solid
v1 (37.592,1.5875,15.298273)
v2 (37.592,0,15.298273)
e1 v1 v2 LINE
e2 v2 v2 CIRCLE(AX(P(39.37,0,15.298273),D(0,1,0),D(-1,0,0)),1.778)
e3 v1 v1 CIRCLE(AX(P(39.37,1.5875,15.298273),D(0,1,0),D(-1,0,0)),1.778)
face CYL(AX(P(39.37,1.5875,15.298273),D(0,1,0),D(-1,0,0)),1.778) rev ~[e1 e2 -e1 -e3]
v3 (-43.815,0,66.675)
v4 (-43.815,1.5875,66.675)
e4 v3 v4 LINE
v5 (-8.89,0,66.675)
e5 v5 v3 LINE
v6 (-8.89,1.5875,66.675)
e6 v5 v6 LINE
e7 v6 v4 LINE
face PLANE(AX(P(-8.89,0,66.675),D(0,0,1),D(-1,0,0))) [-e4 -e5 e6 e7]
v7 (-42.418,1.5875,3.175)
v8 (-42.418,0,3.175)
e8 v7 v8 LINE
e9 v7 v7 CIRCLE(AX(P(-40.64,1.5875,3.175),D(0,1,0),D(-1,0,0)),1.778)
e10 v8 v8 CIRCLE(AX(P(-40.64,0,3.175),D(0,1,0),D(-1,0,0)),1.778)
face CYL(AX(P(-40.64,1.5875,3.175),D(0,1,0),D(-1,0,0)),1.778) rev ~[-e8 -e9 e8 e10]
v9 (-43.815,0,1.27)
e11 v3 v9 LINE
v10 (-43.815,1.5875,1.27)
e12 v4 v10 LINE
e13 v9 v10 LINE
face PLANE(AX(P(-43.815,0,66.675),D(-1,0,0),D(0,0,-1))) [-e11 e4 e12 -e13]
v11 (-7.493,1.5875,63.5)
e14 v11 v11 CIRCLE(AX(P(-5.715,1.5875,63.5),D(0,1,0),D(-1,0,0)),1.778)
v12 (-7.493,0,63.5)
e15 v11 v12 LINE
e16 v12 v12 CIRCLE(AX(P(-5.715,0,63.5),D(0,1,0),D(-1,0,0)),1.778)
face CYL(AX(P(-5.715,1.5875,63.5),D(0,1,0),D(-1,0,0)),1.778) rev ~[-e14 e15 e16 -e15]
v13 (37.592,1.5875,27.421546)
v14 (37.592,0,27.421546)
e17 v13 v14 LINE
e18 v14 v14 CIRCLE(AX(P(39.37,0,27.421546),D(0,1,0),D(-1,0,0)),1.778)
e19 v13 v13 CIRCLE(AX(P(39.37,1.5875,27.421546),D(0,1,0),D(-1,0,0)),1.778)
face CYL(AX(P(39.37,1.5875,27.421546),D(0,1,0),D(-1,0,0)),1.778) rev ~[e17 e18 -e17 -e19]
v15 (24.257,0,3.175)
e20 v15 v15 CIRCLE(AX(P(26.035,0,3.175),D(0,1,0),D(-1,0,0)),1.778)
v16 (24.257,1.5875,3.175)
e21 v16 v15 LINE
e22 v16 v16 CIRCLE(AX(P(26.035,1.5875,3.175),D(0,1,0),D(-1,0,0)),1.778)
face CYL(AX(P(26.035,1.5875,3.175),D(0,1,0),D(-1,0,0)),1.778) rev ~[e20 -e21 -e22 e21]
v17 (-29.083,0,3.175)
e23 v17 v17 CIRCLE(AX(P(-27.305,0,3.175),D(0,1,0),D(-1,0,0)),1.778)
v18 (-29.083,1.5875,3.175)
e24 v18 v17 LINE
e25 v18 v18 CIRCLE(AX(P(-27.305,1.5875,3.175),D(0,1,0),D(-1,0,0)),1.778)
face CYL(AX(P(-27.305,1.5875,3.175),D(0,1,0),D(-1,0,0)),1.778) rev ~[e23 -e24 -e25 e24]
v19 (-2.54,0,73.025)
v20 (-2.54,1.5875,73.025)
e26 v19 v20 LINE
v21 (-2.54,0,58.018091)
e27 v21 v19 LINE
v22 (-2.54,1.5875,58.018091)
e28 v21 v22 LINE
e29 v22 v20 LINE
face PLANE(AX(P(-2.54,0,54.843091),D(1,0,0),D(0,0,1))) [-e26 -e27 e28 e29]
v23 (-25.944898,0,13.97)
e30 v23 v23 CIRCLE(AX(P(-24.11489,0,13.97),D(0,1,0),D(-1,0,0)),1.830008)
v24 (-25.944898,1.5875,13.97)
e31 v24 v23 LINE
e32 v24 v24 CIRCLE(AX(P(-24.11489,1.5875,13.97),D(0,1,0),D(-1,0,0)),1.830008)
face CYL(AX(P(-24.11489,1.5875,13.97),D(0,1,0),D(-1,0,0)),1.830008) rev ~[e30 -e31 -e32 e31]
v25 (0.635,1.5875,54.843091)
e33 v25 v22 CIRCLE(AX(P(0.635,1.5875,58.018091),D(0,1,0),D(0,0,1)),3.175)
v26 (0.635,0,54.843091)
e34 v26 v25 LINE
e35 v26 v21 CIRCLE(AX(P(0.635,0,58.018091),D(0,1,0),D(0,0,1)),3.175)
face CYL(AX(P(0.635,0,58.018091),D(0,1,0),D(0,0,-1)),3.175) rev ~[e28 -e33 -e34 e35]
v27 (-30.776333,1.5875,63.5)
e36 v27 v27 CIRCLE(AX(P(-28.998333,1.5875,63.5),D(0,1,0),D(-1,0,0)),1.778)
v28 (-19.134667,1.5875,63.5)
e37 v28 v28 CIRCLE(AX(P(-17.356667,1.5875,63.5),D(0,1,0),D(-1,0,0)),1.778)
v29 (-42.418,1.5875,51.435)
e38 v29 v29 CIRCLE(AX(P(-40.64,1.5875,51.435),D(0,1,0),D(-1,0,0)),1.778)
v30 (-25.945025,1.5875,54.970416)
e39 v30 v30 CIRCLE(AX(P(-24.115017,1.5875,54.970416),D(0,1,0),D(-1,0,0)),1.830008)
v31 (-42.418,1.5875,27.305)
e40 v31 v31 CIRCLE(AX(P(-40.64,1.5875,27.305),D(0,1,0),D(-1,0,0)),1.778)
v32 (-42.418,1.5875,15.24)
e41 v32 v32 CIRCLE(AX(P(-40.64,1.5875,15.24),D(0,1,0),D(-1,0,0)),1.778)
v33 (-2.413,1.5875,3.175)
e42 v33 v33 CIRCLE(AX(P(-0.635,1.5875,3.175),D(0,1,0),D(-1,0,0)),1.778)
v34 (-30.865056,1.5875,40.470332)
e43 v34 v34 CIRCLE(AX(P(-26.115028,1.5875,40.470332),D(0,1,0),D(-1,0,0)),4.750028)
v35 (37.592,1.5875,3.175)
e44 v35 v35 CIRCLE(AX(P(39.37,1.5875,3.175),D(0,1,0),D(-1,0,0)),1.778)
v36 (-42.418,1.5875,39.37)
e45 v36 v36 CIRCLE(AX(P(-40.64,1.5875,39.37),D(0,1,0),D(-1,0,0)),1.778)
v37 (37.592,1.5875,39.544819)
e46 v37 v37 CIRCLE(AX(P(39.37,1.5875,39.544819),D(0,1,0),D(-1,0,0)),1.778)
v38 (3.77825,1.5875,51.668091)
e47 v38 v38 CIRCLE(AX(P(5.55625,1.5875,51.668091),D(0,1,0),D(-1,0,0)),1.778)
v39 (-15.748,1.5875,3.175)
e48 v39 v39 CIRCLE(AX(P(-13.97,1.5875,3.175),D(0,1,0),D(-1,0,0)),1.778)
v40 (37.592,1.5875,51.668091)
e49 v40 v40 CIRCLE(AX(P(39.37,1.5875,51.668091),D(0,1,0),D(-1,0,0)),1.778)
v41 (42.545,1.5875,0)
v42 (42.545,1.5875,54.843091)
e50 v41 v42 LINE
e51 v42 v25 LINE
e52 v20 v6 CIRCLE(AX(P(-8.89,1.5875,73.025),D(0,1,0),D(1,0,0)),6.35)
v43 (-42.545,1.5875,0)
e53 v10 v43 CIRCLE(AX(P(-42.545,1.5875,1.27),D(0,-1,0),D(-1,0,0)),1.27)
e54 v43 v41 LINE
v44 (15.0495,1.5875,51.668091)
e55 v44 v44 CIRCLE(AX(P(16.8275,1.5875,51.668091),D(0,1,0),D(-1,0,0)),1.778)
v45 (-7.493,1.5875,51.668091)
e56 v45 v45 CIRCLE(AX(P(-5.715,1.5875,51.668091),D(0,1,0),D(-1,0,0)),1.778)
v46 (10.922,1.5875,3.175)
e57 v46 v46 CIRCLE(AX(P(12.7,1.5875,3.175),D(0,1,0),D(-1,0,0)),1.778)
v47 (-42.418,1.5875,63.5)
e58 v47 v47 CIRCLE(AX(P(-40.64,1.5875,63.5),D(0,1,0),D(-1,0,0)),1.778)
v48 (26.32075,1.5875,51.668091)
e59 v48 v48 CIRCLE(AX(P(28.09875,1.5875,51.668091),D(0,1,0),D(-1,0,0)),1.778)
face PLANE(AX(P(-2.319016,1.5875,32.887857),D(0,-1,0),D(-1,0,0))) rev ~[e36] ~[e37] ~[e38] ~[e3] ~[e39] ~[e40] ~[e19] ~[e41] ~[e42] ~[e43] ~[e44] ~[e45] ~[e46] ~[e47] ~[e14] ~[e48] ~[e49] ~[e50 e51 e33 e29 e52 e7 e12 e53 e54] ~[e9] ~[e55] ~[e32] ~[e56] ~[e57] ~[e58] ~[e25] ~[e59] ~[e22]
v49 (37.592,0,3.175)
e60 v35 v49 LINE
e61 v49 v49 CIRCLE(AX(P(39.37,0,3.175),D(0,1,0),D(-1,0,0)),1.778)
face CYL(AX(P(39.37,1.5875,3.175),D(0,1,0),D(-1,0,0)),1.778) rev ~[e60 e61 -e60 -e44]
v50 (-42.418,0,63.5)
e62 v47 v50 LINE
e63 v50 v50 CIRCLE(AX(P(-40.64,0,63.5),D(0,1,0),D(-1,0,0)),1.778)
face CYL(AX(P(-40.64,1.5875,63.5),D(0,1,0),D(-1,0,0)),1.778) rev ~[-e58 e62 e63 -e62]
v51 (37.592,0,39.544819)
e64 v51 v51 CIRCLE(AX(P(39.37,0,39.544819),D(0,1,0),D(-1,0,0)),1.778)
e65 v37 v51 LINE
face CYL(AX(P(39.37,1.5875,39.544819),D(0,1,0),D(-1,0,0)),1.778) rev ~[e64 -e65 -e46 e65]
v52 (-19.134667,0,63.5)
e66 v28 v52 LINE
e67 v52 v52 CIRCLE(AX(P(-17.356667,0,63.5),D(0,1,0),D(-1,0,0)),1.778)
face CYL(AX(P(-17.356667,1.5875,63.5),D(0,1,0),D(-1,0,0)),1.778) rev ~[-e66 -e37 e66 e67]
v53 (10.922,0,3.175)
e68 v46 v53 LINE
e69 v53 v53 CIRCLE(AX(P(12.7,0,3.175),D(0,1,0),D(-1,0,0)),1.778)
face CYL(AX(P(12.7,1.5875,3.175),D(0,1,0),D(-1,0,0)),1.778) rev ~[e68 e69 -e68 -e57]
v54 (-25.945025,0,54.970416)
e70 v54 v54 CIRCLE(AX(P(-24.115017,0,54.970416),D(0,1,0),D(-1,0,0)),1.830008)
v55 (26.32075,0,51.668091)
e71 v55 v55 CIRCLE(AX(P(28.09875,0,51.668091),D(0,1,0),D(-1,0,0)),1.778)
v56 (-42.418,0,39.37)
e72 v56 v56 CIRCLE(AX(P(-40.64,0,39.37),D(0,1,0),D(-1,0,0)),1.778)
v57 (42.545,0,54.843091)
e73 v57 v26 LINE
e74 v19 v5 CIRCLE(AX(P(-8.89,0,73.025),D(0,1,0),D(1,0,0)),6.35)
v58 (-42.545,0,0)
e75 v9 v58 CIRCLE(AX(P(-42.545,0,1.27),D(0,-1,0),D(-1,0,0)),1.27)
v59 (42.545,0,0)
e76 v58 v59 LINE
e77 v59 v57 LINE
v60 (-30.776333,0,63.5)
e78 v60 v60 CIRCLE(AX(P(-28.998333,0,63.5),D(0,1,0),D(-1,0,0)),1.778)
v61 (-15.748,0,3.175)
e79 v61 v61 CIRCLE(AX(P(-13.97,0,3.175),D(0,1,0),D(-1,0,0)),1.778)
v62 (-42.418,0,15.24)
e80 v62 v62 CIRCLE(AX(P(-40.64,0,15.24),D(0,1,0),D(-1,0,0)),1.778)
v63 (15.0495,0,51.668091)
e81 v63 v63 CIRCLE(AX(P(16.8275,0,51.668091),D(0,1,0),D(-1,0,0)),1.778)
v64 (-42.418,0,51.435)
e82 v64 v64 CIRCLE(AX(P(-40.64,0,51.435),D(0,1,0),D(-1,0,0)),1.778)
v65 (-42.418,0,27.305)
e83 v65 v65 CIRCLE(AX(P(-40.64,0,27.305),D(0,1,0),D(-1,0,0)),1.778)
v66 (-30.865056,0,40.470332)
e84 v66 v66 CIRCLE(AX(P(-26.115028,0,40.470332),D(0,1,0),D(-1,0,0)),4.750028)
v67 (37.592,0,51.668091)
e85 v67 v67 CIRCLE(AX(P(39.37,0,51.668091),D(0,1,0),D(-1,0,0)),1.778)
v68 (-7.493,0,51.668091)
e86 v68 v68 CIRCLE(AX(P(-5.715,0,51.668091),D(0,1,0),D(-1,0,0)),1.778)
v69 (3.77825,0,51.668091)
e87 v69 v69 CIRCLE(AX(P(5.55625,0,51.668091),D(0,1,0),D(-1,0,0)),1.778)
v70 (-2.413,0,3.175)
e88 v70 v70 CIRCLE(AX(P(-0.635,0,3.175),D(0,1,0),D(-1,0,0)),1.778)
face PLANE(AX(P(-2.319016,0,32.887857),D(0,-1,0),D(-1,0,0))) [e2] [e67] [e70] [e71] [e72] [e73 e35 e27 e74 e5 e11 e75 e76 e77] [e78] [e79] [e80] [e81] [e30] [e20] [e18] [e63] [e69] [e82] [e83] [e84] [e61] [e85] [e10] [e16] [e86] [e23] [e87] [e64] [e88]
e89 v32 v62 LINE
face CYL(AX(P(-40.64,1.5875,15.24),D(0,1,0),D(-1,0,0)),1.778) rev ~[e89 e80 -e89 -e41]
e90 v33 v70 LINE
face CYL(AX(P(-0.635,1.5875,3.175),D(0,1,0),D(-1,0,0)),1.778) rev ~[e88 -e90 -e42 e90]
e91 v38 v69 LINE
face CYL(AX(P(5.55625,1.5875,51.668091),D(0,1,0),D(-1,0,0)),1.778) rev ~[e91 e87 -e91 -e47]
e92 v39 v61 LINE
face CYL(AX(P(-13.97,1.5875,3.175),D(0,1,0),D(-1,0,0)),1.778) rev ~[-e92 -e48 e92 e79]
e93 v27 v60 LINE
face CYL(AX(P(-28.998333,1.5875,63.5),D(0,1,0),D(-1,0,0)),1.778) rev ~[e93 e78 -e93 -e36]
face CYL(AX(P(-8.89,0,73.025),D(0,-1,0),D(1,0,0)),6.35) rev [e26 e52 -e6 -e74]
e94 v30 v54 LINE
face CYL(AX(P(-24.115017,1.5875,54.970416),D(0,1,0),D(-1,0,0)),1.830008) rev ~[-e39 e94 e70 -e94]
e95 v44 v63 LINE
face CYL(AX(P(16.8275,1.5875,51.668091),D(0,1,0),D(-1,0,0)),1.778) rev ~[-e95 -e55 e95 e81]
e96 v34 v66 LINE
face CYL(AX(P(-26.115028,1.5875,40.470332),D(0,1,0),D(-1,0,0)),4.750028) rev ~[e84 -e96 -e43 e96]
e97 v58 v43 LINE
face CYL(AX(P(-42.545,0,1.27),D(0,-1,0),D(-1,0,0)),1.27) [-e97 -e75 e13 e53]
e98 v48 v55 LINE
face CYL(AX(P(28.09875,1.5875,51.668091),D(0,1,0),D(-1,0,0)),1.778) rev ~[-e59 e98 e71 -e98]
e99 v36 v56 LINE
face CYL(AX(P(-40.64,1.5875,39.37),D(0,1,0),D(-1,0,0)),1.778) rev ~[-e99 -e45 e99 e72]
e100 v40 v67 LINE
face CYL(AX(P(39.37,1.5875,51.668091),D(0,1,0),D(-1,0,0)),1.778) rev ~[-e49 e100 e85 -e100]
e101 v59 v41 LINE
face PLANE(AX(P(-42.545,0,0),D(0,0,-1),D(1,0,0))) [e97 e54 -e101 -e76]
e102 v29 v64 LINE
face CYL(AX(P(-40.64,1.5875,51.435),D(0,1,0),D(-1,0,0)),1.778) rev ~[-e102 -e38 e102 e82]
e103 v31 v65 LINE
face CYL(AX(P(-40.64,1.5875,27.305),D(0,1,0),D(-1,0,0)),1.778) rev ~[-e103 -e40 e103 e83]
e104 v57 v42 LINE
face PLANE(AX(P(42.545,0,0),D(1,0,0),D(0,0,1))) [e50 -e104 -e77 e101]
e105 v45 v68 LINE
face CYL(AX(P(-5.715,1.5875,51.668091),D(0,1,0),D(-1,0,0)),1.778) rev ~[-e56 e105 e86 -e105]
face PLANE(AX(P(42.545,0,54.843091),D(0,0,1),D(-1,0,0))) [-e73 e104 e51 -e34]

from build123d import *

# Parameters (mm, degrees)
BOSS_EXTRUDE1_DEPTH     = 1.5875
FILLET1_R               = 3.175
SKETCH2_R               = 4.750027573
SKETCH2_R_2             = 1.830008083
CUT_EXTRUDE1_DEPTH      = 1
CUT_EXTRUDE1_DEPTH_BACK = 2.5875
SKETCH3_R               = 1.778
CUT_EXTRUDE2_DEPTH      = 1
CUT_EXTRUDE2_DEPTH_BACK = 2.5875


with BuildPart() as part:
    # Sketch1 → Boss-Extrude1 (new body)
    with BuildSketch(Plane(origin=(0, 0, 0), x_dir=(1, 0, 0), z_dir=(0, 1, 0))):
        with BuildLine():
            Line((-8.89, -66.675), (-43.815, -66.675))
            Line((-43.815, -66.675), (-43.815, -1.27))
            ThreePointArc((-43.815, -1.27), (-43.443025612, -0.371974388), (-42.545, 0))
            Line((-42.545, 0), (42.545, 0))
            Line((42.545, 0), (42.545, -54.843091388))
            Line((42.545, -54.843091388), (-2.54, -54.843091388))
            Line((-2.54, -54.843091388), (-2.54, -73.025))
            ThreePointArc((-2.54, -73.025), (-4.399871939, -68.534871939), (-8.89, -66.675))
        make_face()
    extrude(amount=BOSS_EXTRUDE1_DEPTH)

    # Fillet1
    fillet1_edges = [part.edges().sort_by_distance(p)[0] for p in [
        (-2.54, 0.79375, 54.843091388),
    ]]
    fillet(fillet1_edges, radius=FILLET1_R)

    # Sketch2 → Cut-Extrude1 (cut, two sides)
    with BuildSketch(Plane(origin=(0, 1.5875, 0), x_dir=(-1, 0, 0), z_dir=(0, 1, 0))) as cut_extrude1_sk:
        with Locations((26.115028378, 40.470331632)):
            Circle(SKETCH2_R)
        with Locations((24.115016768, 54.970415803)):
            Circle(SKETCH2_R_2)
        with Locations((24.114889767, 13.97)):
            Circle(SKETCH2_R_2)
    extrude(amount=CUT_EXTRUDE1_DEPTH, mode=Mode.SUBTRACT)
    extrude(cut_extrude1_sk.sketch, amount=-CUT_EXTRUDE1_DEPTH_BACK, mode=Mode.SUBTRACT)

    # Sketch3 → Cut-Extrude2 (cut, two sides)
    with BuildSketch(Plane(origin=(0, 1.5875, 0), x_dir=(-1, 0, 0), z_dir=(0, 1, 0))) as cut_extrude2_sk:
        with Locations((27.305, 3.175)):
            Circle(SKETCH3_R)
        with Locations((13.97, 3.175)):
            Circle(SKETCH3_R)
        with Locations((0.635, 3.175)):
            Circle(SKETCH3_R)
        with Locations((-12.7, 3.175)):
            Circle(SKETCH3_R)
        with Locations((-26.035, 3.175)):
            Circle(SKETCH3_R)
        with Locations((-39.37, 3.175)):
            Circle(SKETCH3_R)
        with Locations((-39.37, 15.298272847)):
            Circle(SKETCH3_R)
        with Locations((-39.37, 27.421545694)):
            Circle(SKETCH3_R)
        with Locations((-39.37, 39.544818541)):
            Circle(SKETCH3_R)
        with Locations((-39.37, 51.668091388)):
            Circle(SKETCH3_R)
        with Locations((-28.09875, 51.668091388)):
            Circle(SKETCH3_R)
        with Locations((-16.8275, 51.668091388)):
            Circle(SKETCH3_R)
        with Locations((-5.55625, 51.668091388)):
            Circle(SKETCH3_R)
        with Locations((5.715, 51.668091388)):
            Circle(SKETCH3_R)
        with Locations((5.715, 63.5)):
            Circle(SKETCH3_R)
        with Locations((17.356666667, 63.5)):
            Circle(SKETCH3_R)
        with Locations((28.998333333, 63.5)):
            Circle(SKETCH3_R)
        with Locations((40.64, 63.5)):
            Circle(SKETCH3_R)
        with Locations((40.64, 51.435)):
            Circle(SKETCH3_R)
        with Locations((40.64, 39.37)):
            Circle(SKETCH3_R)
        with Locations((40.64, 27.305)):
            Circle(SKETCH3_R)
        with Locations((40.64, 15.24)):
            Circle(SKETCH3_R)
        with Locations((40.64, 3.175)):
            Circle(SKETCH3_R)
    extrude(amount=CUT_EXTRUDE2_DEPTH, mode=Mode.SUBTRACT)
    extrude(cut_extrude2_sk.sketch, amount=-CUT_EXTRUDE2_DEPTH_BACK, mode=Mode.SUBTRACT)


solid = part.part
